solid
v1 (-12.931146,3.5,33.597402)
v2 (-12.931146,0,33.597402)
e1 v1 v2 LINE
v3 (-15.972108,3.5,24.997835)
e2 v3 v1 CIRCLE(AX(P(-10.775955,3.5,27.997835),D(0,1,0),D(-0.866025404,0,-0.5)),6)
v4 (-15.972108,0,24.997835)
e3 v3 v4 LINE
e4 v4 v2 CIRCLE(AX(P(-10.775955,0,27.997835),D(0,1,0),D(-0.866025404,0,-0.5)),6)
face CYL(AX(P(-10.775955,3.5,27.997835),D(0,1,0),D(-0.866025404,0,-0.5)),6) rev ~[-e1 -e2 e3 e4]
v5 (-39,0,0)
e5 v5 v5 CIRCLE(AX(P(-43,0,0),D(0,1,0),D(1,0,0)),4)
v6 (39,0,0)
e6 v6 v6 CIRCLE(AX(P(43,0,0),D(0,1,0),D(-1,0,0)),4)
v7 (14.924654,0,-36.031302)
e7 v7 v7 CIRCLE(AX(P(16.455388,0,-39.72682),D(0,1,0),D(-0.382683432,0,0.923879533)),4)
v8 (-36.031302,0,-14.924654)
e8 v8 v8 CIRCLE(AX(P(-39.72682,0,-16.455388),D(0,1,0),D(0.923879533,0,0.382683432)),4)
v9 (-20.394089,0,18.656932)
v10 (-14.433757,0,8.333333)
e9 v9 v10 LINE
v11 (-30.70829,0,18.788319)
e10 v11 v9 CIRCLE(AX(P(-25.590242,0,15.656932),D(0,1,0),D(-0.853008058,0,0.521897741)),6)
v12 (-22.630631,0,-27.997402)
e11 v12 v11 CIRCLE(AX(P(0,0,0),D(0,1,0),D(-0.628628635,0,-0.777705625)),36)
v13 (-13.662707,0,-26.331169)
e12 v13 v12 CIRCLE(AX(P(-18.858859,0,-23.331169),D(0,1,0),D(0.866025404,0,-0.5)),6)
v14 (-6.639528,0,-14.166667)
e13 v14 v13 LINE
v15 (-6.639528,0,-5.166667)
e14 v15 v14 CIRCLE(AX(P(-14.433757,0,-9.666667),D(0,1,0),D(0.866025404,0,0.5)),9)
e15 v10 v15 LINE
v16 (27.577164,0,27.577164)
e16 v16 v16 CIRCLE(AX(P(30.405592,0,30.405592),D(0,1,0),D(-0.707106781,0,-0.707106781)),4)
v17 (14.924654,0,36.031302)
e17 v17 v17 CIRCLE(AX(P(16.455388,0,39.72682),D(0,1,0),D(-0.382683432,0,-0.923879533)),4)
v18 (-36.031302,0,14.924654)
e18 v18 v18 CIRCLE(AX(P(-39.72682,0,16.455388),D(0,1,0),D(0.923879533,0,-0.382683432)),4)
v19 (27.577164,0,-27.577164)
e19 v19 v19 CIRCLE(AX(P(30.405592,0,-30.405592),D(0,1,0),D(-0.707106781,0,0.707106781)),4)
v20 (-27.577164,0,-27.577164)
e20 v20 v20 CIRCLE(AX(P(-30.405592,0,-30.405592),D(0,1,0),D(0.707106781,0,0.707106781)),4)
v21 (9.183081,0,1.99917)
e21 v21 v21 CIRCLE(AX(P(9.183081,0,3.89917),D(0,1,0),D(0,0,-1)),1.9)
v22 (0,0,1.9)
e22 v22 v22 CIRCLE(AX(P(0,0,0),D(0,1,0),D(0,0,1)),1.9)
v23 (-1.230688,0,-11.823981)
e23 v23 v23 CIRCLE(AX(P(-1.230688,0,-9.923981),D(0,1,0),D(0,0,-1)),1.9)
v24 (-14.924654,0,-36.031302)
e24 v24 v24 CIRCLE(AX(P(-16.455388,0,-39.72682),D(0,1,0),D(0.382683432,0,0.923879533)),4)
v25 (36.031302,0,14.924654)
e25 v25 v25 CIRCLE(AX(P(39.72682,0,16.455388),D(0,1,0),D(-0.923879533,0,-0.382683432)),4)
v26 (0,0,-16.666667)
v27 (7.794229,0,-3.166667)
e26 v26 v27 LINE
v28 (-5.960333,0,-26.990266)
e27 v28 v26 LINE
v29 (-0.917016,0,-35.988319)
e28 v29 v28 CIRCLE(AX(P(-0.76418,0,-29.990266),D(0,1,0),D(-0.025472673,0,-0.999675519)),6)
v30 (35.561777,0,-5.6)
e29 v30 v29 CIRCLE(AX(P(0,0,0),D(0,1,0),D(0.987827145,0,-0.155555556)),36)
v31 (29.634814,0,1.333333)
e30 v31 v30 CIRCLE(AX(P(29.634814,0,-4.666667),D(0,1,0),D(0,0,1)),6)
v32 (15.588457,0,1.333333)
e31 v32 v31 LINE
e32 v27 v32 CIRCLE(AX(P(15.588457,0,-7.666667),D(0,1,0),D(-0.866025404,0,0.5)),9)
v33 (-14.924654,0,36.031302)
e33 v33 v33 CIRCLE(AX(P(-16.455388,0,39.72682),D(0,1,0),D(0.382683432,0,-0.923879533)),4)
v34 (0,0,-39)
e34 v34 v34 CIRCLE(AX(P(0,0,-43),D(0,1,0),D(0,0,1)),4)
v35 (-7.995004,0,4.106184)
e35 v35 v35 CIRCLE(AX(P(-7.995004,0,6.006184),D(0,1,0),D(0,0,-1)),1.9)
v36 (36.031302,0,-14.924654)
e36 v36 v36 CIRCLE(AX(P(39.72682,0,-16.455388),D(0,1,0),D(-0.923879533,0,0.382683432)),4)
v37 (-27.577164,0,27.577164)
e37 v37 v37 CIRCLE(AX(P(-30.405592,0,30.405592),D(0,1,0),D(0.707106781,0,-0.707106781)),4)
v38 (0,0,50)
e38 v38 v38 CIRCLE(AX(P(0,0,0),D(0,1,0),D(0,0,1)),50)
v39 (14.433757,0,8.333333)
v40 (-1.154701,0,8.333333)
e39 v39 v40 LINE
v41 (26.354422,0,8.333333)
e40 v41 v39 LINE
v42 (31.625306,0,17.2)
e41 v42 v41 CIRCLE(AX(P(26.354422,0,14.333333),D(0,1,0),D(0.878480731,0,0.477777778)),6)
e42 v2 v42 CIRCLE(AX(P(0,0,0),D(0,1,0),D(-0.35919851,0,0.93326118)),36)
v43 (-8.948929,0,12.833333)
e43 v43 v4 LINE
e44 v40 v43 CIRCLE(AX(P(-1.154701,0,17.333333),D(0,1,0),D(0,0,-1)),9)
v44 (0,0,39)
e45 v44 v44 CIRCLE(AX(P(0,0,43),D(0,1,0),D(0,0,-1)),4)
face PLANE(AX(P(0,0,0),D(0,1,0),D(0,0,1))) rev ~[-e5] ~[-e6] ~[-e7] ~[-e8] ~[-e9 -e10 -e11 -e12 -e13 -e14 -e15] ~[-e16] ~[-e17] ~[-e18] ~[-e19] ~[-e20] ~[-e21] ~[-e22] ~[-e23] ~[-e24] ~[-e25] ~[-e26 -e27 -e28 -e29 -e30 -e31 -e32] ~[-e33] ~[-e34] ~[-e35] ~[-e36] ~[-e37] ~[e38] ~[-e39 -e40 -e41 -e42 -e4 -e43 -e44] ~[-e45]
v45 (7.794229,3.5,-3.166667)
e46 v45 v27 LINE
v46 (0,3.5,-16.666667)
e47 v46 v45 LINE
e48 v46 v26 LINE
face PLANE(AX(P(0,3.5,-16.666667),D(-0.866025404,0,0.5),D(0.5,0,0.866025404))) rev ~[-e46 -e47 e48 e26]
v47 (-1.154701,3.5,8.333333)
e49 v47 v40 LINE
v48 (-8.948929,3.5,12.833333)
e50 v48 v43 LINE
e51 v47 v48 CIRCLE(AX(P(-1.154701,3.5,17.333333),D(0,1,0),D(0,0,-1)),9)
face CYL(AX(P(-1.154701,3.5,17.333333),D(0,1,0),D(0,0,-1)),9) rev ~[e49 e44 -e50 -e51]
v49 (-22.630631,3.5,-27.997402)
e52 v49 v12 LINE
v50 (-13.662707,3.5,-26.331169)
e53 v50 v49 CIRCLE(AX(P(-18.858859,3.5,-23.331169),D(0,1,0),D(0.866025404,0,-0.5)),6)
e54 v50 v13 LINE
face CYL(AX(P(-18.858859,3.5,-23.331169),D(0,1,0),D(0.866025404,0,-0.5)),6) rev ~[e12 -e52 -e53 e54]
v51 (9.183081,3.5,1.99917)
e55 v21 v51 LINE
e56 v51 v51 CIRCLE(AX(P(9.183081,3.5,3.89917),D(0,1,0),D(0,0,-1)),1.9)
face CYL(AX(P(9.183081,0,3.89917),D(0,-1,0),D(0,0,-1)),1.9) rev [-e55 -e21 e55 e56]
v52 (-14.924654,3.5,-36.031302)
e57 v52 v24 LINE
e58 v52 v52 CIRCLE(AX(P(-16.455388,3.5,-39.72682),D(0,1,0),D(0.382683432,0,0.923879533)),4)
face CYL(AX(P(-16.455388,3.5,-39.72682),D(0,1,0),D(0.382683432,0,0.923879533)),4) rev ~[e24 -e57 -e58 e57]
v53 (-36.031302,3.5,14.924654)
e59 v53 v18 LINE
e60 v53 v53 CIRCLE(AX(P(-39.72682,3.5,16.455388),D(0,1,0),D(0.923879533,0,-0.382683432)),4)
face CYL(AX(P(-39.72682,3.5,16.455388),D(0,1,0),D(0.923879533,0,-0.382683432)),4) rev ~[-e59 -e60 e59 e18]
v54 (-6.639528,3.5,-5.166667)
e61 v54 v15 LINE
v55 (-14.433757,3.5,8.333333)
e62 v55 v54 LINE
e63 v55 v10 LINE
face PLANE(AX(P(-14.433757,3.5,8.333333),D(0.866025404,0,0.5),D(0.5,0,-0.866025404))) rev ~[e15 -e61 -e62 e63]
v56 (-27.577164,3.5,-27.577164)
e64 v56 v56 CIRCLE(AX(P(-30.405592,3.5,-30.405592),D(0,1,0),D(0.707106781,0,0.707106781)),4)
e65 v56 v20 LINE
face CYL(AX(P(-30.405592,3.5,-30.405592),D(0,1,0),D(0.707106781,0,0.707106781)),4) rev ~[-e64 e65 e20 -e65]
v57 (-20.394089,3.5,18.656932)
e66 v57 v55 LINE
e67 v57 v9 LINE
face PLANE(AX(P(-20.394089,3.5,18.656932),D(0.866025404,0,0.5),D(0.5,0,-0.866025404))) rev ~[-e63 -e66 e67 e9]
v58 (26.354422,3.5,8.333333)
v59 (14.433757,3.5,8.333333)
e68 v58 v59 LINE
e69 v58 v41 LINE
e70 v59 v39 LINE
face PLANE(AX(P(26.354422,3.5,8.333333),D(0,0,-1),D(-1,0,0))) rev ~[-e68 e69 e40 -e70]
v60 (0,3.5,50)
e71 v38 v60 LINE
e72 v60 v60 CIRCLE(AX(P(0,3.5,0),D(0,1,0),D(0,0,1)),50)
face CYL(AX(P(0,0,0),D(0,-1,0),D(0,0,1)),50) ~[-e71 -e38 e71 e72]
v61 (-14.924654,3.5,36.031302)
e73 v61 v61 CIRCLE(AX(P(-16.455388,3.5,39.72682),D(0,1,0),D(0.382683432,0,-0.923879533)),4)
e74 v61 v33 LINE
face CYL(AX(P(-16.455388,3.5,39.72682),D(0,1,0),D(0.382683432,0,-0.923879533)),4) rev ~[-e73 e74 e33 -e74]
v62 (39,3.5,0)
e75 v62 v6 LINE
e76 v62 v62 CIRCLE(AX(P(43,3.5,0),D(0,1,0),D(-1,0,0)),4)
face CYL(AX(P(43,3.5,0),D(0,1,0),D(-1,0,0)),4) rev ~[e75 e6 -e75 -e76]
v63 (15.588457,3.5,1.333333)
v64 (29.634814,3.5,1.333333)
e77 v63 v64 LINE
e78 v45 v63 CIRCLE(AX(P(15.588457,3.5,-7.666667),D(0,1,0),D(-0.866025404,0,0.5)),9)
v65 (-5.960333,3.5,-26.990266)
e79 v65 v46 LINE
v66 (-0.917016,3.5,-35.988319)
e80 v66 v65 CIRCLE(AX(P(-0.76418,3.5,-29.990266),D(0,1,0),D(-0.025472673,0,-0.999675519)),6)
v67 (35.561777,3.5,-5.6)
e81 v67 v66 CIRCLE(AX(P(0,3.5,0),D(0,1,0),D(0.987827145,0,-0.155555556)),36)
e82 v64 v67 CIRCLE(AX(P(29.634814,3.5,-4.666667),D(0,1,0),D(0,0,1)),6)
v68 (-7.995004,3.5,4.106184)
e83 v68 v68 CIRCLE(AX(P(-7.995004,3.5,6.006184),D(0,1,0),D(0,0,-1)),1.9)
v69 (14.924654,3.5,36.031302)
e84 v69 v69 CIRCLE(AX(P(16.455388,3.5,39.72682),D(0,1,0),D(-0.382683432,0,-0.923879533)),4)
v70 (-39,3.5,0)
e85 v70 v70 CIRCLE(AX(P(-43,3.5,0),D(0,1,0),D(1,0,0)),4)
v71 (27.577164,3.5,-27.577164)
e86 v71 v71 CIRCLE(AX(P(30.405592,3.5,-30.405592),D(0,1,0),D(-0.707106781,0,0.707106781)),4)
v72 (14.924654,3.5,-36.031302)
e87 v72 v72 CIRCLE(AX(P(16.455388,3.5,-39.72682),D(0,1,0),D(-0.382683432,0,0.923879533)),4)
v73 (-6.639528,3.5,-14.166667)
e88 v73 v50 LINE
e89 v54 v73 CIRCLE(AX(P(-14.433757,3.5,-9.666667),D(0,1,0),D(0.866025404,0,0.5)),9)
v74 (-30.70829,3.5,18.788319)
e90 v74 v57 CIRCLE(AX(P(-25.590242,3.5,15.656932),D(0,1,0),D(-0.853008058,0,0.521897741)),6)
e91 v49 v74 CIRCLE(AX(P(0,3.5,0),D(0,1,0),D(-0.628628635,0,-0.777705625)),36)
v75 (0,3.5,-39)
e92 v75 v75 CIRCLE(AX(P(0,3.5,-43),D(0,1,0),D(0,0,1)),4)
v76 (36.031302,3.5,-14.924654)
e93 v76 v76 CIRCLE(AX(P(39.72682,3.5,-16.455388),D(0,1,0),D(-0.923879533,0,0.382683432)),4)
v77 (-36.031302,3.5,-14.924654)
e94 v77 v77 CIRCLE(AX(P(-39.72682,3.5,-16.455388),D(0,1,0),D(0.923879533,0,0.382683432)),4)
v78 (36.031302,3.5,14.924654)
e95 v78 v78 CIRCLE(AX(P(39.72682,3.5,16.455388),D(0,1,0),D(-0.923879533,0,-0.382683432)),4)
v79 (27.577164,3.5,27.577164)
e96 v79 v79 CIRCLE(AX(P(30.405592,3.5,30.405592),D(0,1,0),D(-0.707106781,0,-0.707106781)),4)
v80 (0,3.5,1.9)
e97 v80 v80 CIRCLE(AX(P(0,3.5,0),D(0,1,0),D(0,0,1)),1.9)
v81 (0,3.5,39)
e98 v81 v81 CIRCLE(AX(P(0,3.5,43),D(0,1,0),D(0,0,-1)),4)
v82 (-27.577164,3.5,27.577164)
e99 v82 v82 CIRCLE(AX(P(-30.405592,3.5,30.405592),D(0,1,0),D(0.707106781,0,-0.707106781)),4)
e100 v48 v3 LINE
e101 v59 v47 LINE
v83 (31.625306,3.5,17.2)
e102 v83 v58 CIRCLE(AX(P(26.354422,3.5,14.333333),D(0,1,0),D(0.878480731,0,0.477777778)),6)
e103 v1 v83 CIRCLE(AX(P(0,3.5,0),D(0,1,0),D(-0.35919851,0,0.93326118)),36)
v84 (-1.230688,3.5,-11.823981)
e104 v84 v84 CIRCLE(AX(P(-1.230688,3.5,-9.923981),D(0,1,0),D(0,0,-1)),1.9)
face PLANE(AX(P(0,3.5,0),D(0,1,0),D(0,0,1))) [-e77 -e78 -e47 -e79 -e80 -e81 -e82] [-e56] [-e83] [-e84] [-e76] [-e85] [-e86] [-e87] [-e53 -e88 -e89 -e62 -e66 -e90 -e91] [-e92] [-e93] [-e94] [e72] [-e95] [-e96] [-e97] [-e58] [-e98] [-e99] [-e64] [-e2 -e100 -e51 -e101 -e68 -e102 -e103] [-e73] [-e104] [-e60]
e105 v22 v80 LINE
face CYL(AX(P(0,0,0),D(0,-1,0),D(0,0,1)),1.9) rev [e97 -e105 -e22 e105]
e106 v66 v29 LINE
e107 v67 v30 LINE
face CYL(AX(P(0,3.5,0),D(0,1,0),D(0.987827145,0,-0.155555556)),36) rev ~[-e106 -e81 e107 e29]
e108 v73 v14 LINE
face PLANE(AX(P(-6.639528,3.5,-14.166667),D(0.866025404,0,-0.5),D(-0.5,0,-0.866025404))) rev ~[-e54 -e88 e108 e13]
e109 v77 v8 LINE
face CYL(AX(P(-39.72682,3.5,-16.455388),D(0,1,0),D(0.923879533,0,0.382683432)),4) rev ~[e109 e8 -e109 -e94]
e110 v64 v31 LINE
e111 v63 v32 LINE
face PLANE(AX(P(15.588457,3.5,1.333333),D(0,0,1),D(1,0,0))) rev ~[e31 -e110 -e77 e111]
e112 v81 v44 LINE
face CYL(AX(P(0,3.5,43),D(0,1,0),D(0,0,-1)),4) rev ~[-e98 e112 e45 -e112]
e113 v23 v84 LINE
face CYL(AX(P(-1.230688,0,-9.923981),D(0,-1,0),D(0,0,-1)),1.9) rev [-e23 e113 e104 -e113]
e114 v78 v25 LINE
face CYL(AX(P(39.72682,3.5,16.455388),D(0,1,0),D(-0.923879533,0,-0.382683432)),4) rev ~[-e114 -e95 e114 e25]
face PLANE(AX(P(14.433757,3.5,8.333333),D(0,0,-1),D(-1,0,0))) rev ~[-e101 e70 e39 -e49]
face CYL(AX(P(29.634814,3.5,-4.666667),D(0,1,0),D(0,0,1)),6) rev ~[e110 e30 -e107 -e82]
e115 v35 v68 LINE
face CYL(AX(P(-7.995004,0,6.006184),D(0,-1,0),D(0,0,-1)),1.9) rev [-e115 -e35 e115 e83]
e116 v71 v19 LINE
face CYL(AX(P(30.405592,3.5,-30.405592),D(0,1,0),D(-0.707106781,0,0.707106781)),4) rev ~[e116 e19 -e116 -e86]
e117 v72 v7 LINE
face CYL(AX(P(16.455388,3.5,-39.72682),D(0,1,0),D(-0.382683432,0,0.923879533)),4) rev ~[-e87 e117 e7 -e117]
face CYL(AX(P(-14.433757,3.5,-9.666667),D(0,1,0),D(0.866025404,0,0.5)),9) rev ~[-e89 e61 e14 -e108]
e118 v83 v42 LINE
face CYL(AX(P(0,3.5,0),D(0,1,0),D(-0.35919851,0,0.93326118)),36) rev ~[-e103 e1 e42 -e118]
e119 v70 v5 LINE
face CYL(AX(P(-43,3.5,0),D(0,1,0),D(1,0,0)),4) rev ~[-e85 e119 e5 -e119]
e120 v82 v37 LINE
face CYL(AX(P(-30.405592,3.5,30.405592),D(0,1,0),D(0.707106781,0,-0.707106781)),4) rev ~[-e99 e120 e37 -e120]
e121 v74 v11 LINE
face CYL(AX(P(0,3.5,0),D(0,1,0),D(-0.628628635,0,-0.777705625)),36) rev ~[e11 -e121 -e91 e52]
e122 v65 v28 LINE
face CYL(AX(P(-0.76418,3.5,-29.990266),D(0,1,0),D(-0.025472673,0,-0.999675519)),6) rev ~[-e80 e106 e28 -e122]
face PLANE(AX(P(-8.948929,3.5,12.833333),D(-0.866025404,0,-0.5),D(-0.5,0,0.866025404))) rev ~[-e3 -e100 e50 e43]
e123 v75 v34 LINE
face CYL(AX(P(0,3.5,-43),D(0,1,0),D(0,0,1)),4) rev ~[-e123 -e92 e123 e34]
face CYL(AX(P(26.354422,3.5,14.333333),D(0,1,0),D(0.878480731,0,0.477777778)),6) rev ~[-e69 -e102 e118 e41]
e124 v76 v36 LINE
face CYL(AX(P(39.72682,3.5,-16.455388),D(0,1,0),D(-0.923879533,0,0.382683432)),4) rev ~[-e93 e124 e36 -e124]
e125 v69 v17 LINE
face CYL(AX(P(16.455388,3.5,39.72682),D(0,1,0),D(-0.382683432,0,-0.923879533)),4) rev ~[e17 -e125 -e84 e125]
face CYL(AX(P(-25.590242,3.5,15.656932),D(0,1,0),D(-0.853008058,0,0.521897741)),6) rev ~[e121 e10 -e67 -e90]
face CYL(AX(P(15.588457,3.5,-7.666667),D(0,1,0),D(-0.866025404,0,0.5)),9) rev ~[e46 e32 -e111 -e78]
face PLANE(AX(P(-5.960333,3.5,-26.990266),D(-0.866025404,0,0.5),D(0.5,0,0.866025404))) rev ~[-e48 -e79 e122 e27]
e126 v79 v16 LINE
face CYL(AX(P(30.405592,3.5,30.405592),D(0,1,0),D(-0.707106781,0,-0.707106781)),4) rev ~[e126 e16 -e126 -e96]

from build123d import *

# Parameters (mm, degrees)
SKETCH1_R           = 50
SKETCH1_R_2         = 1.9
BOSS_EXTRUDE1_DEPTH = 3.5
SKETCH2_R           = 4
CUT_EXTRUDE1_DEPTH  = 3.5
CIRPATTERN1_COUNT   = 16
CUT_EXTRUDE5_DEPTH  = 10
CIRPATTERN3_COUNT   = 3
SKETCH4_R           = 1.9
CUT_EXTRUDE6_DEPTH  = 3.5


with BuildPart() as part:
    # Sketch1 → Boss-Extrude1 (new body)
    with BuildSketch(Plane(origin=(0, 0, 0), x_dir=(1, 0, 0), z_dir=(0, 1, 0))):
        with Locations(Location((0, 0, 0), (0, 0, 270))):
            Circle(SKETCH1_R)
        with Locations(Location((0, 0, 0), (0, 0, 270))):
            Circle(SKETCH1_R_2, mode=Mode.SUBTRACT)
    extrude(amount=BOSS_EXTRUDE1_DEPTH)

    # Sketch2 → Cut-Extrude1 (cut)
    with BuildSketch(Plane(origin=(0, 3.5, 0), x_dir=(1, 0, 0), z_dir=(0, 1, 0))):
        with Locations(Location((0, 43, 0), (0, 0, 270))):
            Circle(SKETCH2_R)
    cut_extrude1 = extrude(amount=-CUT_EXTRUDE1_DEPTH, mode=Mode.SUBTRACT)

    # CirPattern1: Cut-Extrude1 ×16 about axis
    cirpattern1_axis = Axis((0, 0, 0), (0, 1, 0))
    for i in range(1, CIRPATTERN1_COUNT):
        add(cut_extrude1.rotate(cirpattern1_axis, i * 360 / CIRPATTERN1_COUNT), mode=Mode.SUBTRACT)

    # Sketch3 → Cut-Extrude5 (cut)
    with BuildSketch(Plane(origin=(0, 3.5, 0), x_dir=(1, 0, 0), z_dir=(0, 1, 0))):
        with BuildLine():
            ThreePointArc((7.794228634, 3.166666667), (11.088457268, -0.127561967), (15.588457268, -1.333333333))
            Line((15.588457268, -1.333333333), (29.634814361, -1.333333333))
            ThreePointArc((29.634814361, -1.333333333), (34.195516062, 0.767948929), (35.561777233, 5.6))
            ThreePointArc((35.561777233, 5.6), (23.0418607, 27.659946773), (-0.917016216, 35.988318678))
            ThreePointArc((-0.917016216, 35.988318678), (-5.998123181, 32.92383688), (-5.960332603, 26.990265565))
            Line((-5.960332603, 26.990265565), (0, 16.666666667))
            Line((0, 16.666666667), (7.794228634, 3.166666667))
        make_face()
    cut_extrude5 = extrude(amount=-CUT_EXTRUDE5_DEPTH, mode=Mode.SUBTRACT)

    # CirPattern3: Cut-Extrude5 ×3 about axis
    cirpattern3_axis = Axis((0, 0, 0), (0, 1, 0))
    for i in range(1, CIRPATTERN3_COUNT):
        add(cut_extrude5.rotate(cirpattern3_axis, i * 360 / CIRPATTERN3_COUNT), mode=Mode.SUBTRACT)

    # Sketch4 → Cut-Extrude6 (cut)
    with BuildSketch(Plane(origin=(0, 0, 0), x_dir=(1, 0, 0), z_dir=(0, 1, 0))):
        with Locations(Location((-1.230688491, 9.92398135, 0), (0, 0, 90))):
            Circle(SKETCH4_R)
        with Locations(Location((9.18308139, -3.899170456, 0), (0, 0, 90))):
            Circle(SKETCH4_R)
        with Locations(Location((-7.995004175, -6.006183819, 0), (0, 0, 90))):
            Circle(SKETCH4_R)
    extrude(amount=CUT_EXTRUDE6_DEPTH, mode=Mode.SUBTRACT)


solid = part.part
